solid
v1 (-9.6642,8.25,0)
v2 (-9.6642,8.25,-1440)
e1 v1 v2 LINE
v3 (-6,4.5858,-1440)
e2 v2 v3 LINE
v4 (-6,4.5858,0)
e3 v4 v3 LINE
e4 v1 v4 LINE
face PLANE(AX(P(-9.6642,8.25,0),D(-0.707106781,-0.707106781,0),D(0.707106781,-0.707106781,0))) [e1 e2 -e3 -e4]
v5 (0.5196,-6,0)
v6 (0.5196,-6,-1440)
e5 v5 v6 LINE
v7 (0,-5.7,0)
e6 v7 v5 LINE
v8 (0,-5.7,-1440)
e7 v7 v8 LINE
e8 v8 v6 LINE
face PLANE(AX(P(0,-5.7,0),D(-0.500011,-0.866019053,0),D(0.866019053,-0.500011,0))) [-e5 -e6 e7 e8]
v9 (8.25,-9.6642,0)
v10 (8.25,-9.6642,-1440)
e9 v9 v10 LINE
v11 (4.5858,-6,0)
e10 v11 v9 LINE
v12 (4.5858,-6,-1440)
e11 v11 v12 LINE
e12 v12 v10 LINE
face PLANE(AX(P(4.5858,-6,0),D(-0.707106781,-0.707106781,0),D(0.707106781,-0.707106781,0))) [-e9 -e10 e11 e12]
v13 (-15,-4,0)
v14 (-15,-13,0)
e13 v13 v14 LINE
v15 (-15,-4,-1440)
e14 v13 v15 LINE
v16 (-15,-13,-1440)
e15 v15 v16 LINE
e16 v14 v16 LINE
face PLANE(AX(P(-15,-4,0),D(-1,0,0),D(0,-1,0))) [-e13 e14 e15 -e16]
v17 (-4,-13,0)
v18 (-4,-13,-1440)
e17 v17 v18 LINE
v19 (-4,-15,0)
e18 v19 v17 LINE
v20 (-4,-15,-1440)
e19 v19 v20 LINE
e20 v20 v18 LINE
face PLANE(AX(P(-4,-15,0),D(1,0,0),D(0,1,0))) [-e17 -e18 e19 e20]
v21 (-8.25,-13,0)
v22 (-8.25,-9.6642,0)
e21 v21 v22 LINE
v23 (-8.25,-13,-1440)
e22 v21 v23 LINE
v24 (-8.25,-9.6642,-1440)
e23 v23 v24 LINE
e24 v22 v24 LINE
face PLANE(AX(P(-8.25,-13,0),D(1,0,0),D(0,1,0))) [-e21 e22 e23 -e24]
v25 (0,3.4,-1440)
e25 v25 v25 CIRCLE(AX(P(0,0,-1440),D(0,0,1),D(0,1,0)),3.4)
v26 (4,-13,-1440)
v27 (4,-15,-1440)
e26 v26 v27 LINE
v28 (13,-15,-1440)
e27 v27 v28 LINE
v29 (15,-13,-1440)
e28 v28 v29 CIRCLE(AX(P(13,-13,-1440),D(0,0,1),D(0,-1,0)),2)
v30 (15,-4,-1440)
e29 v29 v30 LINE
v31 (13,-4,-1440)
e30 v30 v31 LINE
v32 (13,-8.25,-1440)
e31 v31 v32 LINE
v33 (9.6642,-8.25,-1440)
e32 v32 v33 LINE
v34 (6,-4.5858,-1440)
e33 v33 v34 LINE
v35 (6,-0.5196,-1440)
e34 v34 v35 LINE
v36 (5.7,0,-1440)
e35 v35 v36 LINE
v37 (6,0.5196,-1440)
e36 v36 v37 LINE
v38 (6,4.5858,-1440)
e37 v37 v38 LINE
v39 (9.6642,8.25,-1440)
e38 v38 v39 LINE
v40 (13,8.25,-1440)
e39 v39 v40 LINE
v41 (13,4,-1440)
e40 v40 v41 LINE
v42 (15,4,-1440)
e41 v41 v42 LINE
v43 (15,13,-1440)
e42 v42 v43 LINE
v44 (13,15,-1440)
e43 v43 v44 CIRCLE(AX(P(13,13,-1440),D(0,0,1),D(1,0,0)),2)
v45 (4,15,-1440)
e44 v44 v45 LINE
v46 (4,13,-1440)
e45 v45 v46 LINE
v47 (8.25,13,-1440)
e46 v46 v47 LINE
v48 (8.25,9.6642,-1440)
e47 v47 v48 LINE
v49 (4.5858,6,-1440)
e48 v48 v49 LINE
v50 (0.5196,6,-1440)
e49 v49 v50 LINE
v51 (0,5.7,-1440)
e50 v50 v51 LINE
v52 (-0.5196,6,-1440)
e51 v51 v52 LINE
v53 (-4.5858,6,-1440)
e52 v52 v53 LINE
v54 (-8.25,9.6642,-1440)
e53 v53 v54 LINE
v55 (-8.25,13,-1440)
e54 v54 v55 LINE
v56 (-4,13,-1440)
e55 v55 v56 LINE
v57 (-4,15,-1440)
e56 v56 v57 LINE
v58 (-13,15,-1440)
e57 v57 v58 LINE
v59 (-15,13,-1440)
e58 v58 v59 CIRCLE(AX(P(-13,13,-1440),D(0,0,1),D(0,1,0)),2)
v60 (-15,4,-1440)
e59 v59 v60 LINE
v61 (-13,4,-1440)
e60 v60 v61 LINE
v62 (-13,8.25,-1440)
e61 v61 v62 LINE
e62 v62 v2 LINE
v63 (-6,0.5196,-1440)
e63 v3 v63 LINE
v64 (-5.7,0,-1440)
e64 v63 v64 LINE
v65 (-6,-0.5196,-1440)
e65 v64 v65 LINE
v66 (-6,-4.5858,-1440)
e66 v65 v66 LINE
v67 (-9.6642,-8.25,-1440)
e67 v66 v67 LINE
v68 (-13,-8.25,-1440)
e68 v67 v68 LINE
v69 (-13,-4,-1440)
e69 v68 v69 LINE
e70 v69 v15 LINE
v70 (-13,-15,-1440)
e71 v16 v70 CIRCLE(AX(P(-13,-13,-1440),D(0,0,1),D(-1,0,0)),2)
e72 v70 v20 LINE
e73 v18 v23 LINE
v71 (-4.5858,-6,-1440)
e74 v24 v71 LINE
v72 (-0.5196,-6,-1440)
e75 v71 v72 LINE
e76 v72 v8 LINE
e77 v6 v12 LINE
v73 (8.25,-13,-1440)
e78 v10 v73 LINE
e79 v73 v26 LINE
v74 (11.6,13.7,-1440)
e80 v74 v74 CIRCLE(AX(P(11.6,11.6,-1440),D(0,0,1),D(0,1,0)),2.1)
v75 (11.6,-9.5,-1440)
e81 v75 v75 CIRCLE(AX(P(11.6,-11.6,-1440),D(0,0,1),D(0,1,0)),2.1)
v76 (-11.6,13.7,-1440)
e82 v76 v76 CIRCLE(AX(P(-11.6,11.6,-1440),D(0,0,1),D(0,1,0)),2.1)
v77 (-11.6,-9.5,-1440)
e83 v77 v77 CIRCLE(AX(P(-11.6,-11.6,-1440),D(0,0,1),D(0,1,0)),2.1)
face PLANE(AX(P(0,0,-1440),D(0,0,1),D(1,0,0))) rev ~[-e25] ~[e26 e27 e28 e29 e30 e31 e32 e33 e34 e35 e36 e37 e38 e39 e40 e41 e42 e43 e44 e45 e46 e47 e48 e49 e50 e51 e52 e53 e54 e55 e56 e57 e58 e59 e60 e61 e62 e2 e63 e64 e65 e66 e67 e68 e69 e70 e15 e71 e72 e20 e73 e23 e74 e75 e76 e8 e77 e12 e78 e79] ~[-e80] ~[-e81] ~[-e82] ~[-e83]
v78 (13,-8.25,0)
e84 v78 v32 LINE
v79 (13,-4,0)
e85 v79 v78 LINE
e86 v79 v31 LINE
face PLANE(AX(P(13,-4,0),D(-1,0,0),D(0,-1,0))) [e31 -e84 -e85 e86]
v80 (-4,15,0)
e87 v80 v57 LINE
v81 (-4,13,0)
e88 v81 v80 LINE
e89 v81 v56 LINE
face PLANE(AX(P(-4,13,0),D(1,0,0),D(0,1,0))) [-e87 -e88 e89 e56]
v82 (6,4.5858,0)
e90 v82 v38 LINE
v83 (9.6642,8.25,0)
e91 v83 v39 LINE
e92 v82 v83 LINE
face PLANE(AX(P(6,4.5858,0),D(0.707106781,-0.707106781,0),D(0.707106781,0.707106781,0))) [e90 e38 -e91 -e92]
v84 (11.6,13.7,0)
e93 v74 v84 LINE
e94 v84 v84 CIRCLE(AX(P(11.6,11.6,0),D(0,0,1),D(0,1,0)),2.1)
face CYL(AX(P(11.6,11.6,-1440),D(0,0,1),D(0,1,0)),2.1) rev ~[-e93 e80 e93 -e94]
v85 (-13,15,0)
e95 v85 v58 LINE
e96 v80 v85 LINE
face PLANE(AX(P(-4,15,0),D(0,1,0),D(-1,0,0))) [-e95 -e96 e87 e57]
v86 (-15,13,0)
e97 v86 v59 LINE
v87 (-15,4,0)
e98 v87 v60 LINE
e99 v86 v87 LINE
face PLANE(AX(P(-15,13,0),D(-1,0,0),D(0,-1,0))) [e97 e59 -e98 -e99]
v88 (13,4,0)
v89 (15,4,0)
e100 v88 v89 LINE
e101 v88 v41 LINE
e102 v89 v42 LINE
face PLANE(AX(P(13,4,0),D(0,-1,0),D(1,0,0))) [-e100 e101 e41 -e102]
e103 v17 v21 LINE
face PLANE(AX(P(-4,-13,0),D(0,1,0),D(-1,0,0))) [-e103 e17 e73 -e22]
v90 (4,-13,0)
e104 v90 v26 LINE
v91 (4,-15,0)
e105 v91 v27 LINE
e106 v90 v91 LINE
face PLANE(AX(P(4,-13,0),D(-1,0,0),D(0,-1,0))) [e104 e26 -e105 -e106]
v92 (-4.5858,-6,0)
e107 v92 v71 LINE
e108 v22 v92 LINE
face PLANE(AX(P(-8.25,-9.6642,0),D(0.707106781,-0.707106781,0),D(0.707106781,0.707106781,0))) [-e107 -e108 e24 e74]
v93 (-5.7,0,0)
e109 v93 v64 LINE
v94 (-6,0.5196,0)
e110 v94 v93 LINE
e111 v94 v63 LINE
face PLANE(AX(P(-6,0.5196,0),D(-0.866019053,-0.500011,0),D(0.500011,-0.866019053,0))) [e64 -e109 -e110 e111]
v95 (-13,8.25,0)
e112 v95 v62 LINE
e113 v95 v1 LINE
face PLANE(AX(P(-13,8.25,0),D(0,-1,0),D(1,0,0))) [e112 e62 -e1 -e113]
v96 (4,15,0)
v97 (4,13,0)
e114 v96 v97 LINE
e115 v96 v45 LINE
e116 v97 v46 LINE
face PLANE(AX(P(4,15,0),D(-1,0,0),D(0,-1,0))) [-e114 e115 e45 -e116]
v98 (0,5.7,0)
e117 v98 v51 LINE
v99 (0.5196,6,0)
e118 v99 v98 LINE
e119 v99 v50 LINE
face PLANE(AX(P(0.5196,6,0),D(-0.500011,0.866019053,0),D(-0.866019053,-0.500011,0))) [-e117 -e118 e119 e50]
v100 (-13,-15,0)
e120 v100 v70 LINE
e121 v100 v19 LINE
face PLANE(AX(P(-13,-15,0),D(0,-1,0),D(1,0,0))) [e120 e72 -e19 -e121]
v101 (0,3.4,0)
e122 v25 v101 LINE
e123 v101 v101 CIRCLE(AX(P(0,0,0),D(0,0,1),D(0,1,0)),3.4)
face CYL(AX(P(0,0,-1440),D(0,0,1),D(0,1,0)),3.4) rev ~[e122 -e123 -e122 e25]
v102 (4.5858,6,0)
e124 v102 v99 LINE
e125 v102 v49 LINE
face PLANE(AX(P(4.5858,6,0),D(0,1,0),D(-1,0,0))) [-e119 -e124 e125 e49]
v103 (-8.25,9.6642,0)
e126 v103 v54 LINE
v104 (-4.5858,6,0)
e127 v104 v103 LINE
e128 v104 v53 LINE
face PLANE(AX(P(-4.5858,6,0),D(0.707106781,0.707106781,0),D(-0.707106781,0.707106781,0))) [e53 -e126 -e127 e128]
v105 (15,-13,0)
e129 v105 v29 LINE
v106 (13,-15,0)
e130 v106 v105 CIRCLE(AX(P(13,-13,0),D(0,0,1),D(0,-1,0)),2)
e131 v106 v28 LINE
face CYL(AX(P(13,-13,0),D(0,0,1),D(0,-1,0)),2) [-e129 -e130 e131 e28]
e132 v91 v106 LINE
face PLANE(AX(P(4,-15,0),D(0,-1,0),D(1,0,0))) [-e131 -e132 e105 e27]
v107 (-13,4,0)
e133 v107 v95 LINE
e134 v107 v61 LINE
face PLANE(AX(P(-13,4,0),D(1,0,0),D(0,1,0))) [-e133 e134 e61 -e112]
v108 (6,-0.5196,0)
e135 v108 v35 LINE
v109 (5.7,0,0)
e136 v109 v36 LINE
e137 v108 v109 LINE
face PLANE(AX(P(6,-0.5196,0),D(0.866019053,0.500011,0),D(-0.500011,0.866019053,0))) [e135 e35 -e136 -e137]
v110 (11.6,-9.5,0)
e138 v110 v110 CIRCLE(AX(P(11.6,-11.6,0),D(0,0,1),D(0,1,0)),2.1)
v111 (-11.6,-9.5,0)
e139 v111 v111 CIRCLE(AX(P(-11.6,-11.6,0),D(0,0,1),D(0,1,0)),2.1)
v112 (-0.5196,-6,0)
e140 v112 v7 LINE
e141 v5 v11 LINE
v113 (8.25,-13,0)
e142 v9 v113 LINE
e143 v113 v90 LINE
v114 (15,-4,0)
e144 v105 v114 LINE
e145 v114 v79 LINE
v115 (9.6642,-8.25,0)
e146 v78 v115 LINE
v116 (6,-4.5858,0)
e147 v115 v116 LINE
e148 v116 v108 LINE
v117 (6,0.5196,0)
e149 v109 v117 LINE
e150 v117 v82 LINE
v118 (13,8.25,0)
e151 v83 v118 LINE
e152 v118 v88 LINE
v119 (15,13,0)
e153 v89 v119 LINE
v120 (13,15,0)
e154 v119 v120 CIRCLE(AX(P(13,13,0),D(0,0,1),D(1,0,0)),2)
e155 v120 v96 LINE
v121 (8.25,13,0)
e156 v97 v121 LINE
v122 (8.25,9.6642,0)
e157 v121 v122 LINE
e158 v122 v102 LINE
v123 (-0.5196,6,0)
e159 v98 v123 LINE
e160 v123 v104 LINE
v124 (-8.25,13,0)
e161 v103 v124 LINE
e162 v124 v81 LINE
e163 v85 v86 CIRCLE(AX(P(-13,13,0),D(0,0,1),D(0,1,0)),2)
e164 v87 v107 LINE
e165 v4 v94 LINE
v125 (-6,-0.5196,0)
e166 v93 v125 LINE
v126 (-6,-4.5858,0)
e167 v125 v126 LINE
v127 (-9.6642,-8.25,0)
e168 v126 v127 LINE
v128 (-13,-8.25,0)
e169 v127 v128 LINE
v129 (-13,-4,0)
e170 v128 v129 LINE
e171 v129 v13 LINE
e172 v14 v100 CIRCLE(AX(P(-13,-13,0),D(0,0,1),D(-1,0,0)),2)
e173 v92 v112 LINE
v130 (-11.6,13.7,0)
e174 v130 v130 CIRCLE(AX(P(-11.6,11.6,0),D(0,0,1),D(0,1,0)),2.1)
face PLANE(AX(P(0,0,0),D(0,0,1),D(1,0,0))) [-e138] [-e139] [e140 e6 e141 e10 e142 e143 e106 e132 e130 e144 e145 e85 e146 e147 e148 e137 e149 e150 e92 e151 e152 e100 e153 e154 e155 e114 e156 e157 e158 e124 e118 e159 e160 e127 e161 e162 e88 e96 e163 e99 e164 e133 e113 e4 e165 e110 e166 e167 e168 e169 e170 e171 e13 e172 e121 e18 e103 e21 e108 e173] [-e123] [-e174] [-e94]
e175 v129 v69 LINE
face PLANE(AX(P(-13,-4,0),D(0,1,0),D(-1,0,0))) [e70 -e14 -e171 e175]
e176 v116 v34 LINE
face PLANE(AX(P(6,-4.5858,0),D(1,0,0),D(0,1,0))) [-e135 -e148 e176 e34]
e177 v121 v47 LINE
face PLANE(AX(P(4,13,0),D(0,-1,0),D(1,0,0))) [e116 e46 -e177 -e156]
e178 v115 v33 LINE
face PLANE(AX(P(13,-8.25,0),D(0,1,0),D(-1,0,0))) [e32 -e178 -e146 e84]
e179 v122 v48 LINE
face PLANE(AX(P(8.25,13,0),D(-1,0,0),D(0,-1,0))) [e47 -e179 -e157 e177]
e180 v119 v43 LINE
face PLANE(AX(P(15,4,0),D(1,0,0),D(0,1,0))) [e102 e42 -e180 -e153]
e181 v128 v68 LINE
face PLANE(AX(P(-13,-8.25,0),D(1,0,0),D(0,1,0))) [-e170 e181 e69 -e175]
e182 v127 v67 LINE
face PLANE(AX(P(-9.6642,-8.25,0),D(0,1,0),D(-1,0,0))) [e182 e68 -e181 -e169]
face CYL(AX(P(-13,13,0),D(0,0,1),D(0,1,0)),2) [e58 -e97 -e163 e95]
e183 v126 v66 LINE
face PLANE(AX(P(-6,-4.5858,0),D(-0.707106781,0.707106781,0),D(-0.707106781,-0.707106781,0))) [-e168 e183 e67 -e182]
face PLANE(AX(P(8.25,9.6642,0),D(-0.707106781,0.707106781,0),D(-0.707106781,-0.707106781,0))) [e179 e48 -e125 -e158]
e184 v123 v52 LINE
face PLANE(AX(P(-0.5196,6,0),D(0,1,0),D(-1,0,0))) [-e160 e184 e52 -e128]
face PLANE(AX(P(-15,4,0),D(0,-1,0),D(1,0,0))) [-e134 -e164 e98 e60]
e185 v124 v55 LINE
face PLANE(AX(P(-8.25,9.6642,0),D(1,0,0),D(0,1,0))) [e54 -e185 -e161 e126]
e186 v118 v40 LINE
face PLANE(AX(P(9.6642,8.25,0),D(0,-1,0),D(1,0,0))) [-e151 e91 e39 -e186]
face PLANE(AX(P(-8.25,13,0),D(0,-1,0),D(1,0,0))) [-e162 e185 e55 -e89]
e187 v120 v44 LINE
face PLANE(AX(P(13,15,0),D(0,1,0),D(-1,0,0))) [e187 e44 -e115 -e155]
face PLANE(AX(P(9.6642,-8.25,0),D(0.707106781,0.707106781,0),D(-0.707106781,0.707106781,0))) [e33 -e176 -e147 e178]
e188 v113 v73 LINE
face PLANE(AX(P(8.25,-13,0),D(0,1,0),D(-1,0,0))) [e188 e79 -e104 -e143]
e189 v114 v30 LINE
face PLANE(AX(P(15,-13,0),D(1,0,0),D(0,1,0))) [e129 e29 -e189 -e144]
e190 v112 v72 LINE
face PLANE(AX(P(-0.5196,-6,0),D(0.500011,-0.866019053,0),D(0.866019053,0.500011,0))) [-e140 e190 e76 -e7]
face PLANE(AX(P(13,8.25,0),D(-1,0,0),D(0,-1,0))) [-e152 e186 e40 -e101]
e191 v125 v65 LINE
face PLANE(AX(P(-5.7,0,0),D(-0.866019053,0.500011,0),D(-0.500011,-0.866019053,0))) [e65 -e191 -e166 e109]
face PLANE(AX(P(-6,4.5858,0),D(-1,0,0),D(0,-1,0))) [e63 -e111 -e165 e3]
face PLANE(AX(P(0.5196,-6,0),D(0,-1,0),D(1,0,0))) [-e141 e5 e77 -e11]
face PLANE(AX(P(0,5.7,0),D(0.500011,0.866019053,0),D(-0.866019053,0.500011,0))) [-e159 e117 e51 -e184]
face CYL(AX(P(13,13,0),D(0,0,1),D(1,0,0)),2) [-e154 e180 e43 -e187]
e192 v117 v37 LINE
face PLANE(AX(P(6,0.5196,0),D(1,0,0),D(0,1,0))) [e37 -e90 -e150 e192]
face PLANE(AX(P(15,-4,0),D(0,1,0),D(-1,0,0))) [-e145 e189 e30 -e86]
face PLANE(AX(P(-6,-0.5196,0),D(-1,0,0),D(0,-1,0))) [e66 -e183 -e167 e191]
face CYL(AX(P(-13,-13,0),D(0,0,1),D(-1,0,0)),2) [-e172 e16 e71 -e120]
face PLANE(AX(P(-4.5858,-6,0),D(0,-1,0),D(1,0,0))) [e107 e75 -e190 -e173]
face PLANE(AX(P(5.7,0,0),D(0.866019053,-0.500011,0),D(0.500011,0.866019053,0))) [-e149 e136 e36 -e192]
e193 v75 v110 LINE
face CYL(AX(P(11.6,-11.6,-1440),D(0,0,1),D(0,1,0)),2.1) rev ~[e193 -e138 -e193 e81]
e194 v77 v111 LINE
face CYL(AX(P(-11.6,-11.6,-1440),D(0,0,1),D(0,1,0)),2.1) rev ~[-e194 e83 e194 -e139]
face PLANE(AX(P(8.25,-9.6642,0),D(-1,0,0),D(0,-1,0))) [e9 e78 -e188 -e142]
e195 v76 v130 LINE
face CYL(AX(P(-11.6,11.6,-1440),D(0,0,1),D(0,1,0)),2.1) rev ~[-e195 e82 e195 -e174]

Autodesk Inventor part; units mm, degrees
sketch "Sketch_1" plane through (0, 0, 0) normal (0, 0, 1) x (1, 0, 0)
  line L0 (-15, -4) -> (-15, -13)
  arc A0 (-15, -13) -> (-13, -15) centre (-13, -13) ccw
  line L1 (-13, -15) -> (-4, -15)
  line L2 (-4, -15) -> (-4, -13)
  line L3 (-4, -13) -> (-8.25, -13)
  line L4 (-8.25, -13) -> (-8.25, -9.6642)
  line L5 (-8.25, -9.6642) -> (-4.5858, -6)
  line L6 (-4.5858, -6) -> (-0.5196, -6)
  line L7 (-0.5196, -6) -> (0, -5.7)
  line L8 (0, -5.7) -> (0.5196, -6)
  line L9 (0.5196, -6) -> (4.5858, -6)
  line L10 (4.5858, -6) -> (8.25, -9.6642)
  line L11 (8.25, -9.6642) -> (8.25, -13)
  line L12 (8.25, -13) -> (4, -13)
  line L13 (4, -13) -> (4, -15)
  line L14 (4, -15) -> (13, -15)
  arc A1 (13, -15) -> (15, -13) centre (13, -13) ccw
  line L15 (15, -13) -> (15, -4)
  line L16 (15, -4) -> (13, -4)
  line L17 (13, -4) -> (13, -8.25)
  line L18 (13, -8.25) -> (9.6642, -8.25)
  line L19 (9.6642, -8.25) -> (6, -4.5858)
  line L20 (6, -4.5858) -> (6, -0.5196)
  line L21 (6, -0.5196) -> (5.7, 0)
  line L22 (5.7, 0) -> (6, 0.5196)
  line L23 (6, 0.5196) -> (6, 4.5858)
  line L24 (6, 4.5858) -> (9.6642, 8.25)
  line L25 (9.6642, 8.25) -> (13, 8.25)
  line L26 (13, 8.25) -> (13, 4)
  line L27 (13, 4) -> (15, 4)
  line L28 (15, 4) -> (15, 13)
  arc A2 (15, 13) -> (13, 15) centre (13, 13) ccw
  line L29 (13, 15) -> (4, 15)
  line L30 (4, 15) -> (4, 13)
  line L31 (4, 13) -> (8.25, 13)
  line L32 (8.25, 13) -> (8.25, 9.6642)
  line L33 (8.25, 9.6642) -> (4.5858, 6)
  line L34 (4.5858, 6) -> (0.5196, 6)
  line L35 (0.5196, 6) -> (0, 5.7)
  line L36 (0, 5.7) -> (-0.5196, 6)
  line L37 (-0.5196, 6) -> (-4.5858, 6)
  line L38 (-4.5858, 6) -> (-8.25, 9.6642)
  line L39 (-8.25, 9.6642) -> (-8.25, 13)
  line L40 (-8.25, 13) -> (-4, 13)
  line L41 (-4, 13) -> (-4, 15)
  line L42 (-4, 15) -> (-13, 15)
  arc A3 (-13, 15) -> (-15, 13) centre (-13, 13) ccw
  line L43 (-15, 13) -> (-15, 4)
  line L44 (-15, 4) -> (-13, 4)
  line L45 (-13, 4) -> (-13, 8.25)
  line L46 (-13, 8.25) -> (-9.6642, 8.25)
  line L47 (-9.6642, 8.25) -> (-6, 4.5858)
  line L48 (-6, 4.5858) -> (-6, 0.5196)
  line L49 (-6, 0.5196) -> (-5.7, 0)
  line L50 (-5.7, 0) -> (-6, -0.5196)
  line L51 (-6, -0.5196) -> (-6, -4.5858)
  line L52 (-6, -4.5858) -> (-9.6642, -8.25)
  line L53 (-9.6642, -8.25) -> (-13, -8.25)
  line L54 (-13, -8.25) -> (-13, -4)
  line L55 (-13, -4) -> (-15, -4)
extrude "Extrusion1" add sketch "Sketch_1" against normal blind 1440
sketch "Sketch2" plane through (0, 0, -1440) normal (0, 0, -1) x (-1, 0, 0)
  point P0 (0, 0)
hole "Hole1" at (0, 0, -1440) direction (0, 0, 1) diameter 6.8 depth 1440
sketch "Sketch3" plane through (0, 0, -1440) normal (0, 0, -1) x (-1, 0, 0)
  point P0 (-11.6, 11.6)
hole "Hole2" at (11.6, 11.6, -1440) direction (0, 0, 1) diameter 4.2 depth 1440
pattern_linear "Rectangular Pattern1" count 2 spacing 23.2 along (-1, 0, 0) count 2 spacing 23.2 along (0, -1, 0) of "Hole2"
ref_plane "C1_XY" through (0, 0, 0) normal (0, 0, 1) x (1, 0, 0)
ref_plane "C1_YZ" through (0, 0, 0) normal (1, 0, 0) x (0, 1, 0)
ref_plane "C1_ZX" through (0, 0, 0) normal (0, 1, 0) x (0, 0, 1)
ref_plane "to_frame_cap1_XY" through (0, 0, 0) normal (0, 0, 1) x (1, 0, 0)
ref_plane "to_frame_cap1_YZ" through (0, 0, 0) normal (1, 0, 0) x (0, 1, 0)
ref_plane "to_frame_cap1_ZX" through (0, 0, 0) normal (0, 1, 0) x (0, 0, 1)
ref_plane "to_frame_cap2_XY" through (0, 0, -1440) normal (0, 0, -1) x (1, 0, 0)
ref_plane "to_frame_cap2_YZ" through (0, 0, -1440) normal (1, 0, 0) x (0, -1, 0)
ref_plane "to_frame_cap2_ZX" through (0, 0, -1440) normal (0, -1, 0) x (0, 0, -1)
properties part number "HFS6-3030-1440"
